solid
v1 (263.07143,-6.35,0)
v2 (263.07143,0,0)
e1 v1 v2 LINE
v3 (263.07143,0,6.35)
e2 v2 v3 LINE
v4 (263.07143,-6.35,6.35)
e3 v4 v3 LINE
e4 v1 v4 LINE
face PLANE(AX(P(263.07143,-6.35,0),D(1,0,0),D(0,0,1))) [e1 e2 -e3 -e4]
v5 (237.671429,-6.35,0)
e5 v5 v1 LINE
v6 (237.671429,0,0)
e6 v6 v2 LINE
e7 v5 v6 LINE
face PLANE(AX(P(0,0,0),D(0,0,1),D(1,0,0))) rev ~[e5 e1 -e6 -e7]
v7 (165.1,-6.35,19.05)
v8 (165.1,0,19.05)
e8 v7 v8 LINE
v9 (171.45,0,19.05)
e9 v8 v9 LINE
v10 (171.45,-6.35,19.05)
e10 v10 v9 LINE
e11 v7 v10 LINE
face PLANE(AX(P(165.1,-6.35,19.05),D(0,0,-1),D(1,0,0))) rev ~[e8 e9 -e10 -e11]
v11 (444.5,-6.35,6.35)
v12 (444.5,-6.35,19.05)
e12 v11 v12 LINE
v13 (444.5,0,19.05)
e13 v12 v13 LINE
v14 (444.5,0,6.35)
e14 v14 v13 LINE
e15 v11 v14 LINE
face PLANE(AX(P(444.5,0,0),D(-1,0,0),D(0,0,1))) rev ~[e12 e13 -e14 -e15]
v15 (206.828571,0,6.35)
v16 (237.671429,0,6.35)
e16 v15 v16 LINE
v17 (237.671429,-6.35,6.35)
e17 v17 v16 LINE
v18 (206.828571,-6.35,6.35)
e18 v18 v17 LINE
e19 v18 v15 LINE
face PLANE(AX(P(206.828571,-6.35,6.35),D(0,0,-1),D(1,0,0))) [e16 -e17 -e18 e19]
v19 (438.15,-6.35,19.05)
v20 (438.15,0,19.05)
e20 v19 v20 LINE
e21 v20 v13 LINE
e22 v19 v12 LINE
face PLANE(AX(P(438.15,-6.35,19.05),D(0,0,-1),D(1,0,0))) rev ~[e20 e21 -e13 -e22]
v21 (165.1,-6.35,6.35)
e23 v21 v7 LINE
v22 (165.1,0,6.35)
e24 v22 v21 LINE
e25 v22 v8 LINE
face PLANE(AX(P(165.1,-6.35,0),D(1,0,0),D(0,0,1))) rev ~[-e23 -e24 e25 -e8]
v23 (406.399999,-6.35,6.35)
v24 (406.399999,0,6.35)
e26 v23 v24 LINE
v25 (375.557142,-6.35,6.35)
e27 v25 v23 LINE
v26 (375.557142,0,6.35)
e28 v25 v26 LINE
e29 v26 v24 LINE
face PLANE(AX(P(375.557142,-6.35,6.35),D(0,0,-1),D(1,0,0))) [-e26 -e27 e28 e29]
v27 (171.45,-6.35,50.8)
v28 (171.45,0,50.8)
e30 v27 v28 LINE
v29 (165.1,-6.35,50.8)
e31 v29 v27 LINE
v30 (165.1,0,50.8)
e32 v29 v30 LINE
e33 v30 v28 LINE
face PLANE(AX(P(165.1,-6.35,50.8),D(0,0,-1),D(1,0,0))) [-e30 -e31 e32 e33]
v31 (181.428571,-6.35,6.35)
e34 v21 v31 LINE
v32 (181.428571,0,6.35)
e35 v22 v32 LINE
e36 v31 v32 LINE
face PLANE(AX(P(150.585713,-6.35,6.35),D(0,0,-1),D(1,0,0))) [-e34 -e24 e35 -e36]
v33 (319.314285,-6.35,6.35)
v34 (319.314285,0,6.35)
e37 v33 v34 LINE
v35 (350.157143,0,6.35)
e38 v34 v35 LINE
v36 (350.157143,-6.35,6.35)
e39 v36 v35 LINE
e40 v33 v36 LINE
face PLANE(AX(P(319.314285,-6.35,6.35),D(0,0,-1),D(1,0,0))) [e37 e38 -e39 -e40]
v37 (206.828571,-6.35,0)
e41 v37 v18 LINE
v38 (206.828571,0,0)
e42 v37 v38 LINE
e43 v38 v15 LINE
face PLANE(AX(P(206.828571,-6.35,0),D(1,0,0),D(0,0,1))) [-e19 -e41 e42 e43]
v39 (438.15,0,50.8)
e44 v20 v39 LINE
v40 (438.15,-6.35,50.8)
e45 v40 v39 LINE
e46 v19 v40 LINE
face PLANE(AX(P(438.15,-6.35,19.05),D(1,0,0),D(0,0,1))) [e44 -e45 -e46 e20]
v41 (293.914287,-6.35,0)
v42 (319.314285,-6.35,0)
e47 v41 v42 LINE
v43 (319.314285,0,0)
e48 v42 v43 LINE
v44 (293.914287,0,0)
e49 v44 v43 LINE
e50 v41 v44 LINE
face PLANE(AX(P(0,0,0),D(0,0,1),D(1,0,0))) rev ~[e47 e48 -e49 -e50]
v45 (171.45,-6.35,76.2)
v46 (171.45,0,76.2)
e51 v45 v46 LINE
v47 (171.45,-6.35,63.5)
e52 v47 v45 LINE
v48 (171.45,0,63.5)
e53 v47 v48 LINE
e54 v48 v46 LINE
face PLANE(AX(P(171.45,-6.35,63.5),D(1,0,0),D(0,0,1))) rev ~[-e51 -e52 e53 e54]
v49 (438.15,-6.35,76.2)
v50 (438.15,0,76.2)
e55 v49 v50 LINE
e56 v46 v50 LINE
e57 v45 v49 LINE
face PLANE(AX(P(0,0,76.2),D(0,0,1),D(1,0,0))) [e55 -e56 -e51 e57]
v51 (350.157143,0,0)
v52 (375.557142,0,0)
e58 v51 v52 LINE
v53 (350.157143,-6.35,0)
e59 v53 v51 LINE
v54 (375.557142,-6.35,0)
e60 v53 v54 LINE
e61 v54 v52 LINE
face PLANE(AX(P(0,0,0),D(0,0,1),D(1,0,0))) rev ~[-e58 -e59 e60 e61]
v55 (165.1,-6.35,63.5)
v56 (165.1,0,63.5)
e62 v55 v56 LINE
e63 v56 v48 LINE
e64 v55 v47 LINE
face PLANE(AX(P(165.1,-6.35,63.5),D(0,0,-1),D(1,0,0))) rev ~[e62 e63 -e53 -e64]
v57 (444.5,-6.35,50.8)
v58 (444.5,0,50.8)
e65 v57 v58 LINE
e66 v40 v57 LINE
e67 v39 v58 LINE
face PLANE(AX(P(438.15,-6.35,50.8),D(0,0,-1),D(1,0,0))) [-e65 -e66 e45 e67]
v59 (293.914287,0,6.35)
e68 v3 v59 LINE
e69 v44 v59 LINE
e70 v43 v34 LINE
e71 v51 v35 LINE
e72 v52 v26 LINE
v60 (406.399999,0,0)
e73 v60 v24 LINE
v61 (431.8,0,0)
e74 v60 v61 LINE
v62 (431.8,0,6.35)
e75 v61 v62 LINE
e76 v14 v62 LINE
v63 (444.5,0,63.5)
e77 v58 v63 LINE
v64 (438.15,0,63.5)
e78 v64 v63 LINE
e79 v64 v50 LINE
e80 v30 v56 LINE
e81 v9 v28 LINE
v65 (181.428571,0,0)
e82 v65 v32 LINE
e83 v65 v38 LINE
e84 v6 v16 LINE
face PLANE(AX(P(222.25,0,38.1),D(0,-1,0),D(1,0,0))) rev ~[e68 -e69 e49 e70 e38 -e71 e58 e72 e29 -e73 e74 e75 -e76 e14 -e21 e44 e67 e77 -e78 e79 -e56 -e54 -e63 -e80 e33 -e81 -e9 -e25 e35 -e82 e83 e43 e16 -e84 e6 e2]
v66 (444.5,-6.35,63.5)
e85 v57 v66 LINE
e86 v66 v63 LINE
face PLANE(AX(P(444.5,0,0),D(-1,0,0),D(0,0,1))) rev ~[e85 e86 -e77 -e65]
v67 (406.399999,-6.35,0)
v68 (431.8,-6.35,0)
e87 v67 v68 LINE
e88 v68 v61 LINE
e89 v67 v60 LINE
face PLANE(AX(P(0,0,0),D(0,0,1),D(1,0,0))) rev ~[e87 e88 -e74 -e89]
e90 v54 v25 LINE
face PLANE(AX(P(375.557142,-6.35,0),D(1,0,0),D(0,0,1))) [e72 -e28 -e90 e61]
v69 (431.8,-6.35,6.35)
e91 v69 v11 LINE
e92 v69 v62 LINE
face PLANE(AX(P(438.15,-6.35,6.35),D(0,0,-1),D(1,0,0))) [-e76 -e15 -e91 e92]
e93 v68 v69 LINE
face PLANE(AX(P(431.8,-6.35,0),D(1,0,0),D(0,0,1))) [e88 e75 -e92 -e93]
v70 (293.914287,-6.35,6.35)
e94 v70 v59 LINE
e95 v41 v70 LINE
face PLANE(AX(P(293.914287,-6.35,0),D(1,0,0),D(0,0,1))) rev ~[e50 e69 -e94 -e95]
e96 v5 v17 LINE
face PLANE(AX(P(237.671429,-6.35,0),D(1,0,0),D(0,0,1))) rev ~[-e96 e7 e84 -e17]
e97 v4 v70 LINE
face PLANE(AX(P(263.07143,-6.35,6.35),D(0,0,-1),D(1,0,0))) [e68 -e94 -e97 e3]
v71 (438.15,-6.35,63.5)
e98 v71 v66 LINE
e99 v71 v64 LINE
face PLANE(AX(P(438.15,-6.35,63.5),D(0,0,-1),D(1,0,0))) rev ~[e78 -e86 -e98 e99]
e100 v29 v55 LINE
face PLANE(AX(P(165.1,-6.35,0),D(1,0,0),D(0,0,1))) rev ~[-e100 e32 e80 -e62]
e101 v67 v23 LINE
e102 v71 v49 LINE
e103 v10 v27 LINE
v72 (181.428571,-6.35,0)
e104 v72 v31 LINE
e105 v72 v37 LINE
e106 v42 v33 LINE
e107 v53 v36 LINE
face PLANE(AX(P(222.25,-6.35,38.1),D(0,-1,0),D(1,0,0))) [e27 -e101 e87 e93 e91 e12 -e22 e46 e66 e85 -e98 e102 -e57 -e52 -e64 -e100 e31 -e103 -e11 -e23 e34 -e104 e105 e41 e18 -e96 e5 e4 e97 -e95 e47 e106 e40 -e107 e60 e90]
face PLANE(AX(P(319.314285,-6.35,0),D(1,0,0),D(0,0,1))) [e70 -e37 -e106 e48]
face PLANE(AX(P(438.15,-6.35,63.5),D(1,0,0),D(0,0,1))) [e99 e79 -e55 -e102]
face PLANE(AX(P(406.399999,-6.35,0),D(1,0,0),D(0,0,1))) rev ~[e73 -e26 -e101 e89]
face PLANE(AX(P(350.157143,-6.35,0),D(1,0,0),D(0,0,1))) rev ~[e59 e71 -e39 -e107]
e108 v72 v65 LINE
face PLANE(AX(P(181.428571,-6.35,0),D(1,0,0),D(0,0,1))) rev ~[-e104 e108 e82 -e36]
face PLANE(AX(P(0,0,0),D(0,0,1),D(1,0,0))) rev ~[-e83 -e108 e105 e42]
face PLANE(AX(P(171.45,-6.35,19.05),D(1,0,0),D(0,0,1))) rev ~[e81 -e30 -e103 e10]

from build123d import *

# Parameters (mm, degrees)
F0_W     = 444.5
F0_H     = 76.2
F1_DEPTH = 6.35
F2_W     = 6.35
F2_H     = 6.35
F2_H_2   = 12.7
F2_H_3   = 31.75
F3_DEPTH = 6.35
F4_W     = 30.842857
F4_H     = 6.35
F4_W_2   = 30.842858
F4_W_3   = 6.35
F5_DEPTH = 6.351
F6_W     = 165.1
F6_H     = 76.2
F7_DEPTH = 6.351
F8_W     = 6.35
F8_H     = 12.7
F8_H_2   = 31.75
F9_DEPTH = 6.351


with BuildPart() as f1:
    # F0 (on Front) → F1 (new body)
    with BuildSketch(Plane.XZ):
        with Locations((222.25, 38.1)):
            Rectangle(F0_W, F0_H)
    extrude(amount=F1_DEPTH)

    # F2 (on face) → F3 (cut, through all)
    with BuildSketch(Plane.XZ.offset(6.35)):
        with Locations((3.175, 3.175)):
            Rectangle(F2_W, F2_H)
        with Locations((3.175, 69.85)):
            Rectangle(F2_W, F2_H_2)
        with Locations((3.175, 34.925)):
            Rectangle(F2_W, F2_H_3)
        with Locations((441.325, 3.175)):
            Rectangle(F2_W, F2_H)
        with Locations((441.325, 34.925)):
            Rectangle(F2_W, F2_H_3)
        with Locations((441.325, 69.85)):
            Rectangle(F2_W, F2_H_2)
    extrude(amount=-F3_DEPTH, mode=Mode.SUBTRACT)

    # F4 (on face) → F5 (cut, through all)
    with BuildSketch(Plane.XZ.offset(6.35)):
        with Locations((53.521428, 3.175)):
            Rectangle(F4_W, F4_H)
        with Locations((109.764285, 3.175)):
            Rectangle(F4_W, F4_H)
        with Locations((166.007142, 3.175)):
            Rectangle(F4_W, F4_H)
        with Locations((222.25, 3.175)):
            Rectangle(F4_W_2, F4_H)
        with Locations((278.492858, 3.175)):
            Rectangle(F4_W, F4_H)
        with Locations((334.735714, 3.175)):
            Rectangle(F4_W, F4_H)
        with Locations((390.978571, 3.175)):
            Rectangle(F4_W, F4_H)
        with Locations((9.525, 3.175)):
            Rectangle(F4_W_3, F4_H)
        with Locations((434.975, 3.175)):
            Rectangle(F4_W_3, F4_H)
    extrude(amount=-F5_DEPTH, mode=Mode.SUBTRACT)

    # F6 (on face) → F7 (cut, through all)
    with BuildSketch(Plane.XZ.offset(6.35)):
        with Locations((82.55, 38.1)):
            Rectangle(F6_W, F6_H)
    extrude(amount=-F7_DEPTH, mode=Mode.SUBTRACT)

    # F8 (on face) → F9 (cut, through all)
    with BuildSketch(Plane.XZ.offset(6.35)):
        with Locations((168.275, 69.85)):
            Rectangle(F8_W, F8_H)
        with Locations((168.275, 34.925)):
            Rectangle(F8_W, F8_H_2)
    extrude(amount=-F9_DEPTH, mode=Mode.SUBTRACT)


solid = f1.part
